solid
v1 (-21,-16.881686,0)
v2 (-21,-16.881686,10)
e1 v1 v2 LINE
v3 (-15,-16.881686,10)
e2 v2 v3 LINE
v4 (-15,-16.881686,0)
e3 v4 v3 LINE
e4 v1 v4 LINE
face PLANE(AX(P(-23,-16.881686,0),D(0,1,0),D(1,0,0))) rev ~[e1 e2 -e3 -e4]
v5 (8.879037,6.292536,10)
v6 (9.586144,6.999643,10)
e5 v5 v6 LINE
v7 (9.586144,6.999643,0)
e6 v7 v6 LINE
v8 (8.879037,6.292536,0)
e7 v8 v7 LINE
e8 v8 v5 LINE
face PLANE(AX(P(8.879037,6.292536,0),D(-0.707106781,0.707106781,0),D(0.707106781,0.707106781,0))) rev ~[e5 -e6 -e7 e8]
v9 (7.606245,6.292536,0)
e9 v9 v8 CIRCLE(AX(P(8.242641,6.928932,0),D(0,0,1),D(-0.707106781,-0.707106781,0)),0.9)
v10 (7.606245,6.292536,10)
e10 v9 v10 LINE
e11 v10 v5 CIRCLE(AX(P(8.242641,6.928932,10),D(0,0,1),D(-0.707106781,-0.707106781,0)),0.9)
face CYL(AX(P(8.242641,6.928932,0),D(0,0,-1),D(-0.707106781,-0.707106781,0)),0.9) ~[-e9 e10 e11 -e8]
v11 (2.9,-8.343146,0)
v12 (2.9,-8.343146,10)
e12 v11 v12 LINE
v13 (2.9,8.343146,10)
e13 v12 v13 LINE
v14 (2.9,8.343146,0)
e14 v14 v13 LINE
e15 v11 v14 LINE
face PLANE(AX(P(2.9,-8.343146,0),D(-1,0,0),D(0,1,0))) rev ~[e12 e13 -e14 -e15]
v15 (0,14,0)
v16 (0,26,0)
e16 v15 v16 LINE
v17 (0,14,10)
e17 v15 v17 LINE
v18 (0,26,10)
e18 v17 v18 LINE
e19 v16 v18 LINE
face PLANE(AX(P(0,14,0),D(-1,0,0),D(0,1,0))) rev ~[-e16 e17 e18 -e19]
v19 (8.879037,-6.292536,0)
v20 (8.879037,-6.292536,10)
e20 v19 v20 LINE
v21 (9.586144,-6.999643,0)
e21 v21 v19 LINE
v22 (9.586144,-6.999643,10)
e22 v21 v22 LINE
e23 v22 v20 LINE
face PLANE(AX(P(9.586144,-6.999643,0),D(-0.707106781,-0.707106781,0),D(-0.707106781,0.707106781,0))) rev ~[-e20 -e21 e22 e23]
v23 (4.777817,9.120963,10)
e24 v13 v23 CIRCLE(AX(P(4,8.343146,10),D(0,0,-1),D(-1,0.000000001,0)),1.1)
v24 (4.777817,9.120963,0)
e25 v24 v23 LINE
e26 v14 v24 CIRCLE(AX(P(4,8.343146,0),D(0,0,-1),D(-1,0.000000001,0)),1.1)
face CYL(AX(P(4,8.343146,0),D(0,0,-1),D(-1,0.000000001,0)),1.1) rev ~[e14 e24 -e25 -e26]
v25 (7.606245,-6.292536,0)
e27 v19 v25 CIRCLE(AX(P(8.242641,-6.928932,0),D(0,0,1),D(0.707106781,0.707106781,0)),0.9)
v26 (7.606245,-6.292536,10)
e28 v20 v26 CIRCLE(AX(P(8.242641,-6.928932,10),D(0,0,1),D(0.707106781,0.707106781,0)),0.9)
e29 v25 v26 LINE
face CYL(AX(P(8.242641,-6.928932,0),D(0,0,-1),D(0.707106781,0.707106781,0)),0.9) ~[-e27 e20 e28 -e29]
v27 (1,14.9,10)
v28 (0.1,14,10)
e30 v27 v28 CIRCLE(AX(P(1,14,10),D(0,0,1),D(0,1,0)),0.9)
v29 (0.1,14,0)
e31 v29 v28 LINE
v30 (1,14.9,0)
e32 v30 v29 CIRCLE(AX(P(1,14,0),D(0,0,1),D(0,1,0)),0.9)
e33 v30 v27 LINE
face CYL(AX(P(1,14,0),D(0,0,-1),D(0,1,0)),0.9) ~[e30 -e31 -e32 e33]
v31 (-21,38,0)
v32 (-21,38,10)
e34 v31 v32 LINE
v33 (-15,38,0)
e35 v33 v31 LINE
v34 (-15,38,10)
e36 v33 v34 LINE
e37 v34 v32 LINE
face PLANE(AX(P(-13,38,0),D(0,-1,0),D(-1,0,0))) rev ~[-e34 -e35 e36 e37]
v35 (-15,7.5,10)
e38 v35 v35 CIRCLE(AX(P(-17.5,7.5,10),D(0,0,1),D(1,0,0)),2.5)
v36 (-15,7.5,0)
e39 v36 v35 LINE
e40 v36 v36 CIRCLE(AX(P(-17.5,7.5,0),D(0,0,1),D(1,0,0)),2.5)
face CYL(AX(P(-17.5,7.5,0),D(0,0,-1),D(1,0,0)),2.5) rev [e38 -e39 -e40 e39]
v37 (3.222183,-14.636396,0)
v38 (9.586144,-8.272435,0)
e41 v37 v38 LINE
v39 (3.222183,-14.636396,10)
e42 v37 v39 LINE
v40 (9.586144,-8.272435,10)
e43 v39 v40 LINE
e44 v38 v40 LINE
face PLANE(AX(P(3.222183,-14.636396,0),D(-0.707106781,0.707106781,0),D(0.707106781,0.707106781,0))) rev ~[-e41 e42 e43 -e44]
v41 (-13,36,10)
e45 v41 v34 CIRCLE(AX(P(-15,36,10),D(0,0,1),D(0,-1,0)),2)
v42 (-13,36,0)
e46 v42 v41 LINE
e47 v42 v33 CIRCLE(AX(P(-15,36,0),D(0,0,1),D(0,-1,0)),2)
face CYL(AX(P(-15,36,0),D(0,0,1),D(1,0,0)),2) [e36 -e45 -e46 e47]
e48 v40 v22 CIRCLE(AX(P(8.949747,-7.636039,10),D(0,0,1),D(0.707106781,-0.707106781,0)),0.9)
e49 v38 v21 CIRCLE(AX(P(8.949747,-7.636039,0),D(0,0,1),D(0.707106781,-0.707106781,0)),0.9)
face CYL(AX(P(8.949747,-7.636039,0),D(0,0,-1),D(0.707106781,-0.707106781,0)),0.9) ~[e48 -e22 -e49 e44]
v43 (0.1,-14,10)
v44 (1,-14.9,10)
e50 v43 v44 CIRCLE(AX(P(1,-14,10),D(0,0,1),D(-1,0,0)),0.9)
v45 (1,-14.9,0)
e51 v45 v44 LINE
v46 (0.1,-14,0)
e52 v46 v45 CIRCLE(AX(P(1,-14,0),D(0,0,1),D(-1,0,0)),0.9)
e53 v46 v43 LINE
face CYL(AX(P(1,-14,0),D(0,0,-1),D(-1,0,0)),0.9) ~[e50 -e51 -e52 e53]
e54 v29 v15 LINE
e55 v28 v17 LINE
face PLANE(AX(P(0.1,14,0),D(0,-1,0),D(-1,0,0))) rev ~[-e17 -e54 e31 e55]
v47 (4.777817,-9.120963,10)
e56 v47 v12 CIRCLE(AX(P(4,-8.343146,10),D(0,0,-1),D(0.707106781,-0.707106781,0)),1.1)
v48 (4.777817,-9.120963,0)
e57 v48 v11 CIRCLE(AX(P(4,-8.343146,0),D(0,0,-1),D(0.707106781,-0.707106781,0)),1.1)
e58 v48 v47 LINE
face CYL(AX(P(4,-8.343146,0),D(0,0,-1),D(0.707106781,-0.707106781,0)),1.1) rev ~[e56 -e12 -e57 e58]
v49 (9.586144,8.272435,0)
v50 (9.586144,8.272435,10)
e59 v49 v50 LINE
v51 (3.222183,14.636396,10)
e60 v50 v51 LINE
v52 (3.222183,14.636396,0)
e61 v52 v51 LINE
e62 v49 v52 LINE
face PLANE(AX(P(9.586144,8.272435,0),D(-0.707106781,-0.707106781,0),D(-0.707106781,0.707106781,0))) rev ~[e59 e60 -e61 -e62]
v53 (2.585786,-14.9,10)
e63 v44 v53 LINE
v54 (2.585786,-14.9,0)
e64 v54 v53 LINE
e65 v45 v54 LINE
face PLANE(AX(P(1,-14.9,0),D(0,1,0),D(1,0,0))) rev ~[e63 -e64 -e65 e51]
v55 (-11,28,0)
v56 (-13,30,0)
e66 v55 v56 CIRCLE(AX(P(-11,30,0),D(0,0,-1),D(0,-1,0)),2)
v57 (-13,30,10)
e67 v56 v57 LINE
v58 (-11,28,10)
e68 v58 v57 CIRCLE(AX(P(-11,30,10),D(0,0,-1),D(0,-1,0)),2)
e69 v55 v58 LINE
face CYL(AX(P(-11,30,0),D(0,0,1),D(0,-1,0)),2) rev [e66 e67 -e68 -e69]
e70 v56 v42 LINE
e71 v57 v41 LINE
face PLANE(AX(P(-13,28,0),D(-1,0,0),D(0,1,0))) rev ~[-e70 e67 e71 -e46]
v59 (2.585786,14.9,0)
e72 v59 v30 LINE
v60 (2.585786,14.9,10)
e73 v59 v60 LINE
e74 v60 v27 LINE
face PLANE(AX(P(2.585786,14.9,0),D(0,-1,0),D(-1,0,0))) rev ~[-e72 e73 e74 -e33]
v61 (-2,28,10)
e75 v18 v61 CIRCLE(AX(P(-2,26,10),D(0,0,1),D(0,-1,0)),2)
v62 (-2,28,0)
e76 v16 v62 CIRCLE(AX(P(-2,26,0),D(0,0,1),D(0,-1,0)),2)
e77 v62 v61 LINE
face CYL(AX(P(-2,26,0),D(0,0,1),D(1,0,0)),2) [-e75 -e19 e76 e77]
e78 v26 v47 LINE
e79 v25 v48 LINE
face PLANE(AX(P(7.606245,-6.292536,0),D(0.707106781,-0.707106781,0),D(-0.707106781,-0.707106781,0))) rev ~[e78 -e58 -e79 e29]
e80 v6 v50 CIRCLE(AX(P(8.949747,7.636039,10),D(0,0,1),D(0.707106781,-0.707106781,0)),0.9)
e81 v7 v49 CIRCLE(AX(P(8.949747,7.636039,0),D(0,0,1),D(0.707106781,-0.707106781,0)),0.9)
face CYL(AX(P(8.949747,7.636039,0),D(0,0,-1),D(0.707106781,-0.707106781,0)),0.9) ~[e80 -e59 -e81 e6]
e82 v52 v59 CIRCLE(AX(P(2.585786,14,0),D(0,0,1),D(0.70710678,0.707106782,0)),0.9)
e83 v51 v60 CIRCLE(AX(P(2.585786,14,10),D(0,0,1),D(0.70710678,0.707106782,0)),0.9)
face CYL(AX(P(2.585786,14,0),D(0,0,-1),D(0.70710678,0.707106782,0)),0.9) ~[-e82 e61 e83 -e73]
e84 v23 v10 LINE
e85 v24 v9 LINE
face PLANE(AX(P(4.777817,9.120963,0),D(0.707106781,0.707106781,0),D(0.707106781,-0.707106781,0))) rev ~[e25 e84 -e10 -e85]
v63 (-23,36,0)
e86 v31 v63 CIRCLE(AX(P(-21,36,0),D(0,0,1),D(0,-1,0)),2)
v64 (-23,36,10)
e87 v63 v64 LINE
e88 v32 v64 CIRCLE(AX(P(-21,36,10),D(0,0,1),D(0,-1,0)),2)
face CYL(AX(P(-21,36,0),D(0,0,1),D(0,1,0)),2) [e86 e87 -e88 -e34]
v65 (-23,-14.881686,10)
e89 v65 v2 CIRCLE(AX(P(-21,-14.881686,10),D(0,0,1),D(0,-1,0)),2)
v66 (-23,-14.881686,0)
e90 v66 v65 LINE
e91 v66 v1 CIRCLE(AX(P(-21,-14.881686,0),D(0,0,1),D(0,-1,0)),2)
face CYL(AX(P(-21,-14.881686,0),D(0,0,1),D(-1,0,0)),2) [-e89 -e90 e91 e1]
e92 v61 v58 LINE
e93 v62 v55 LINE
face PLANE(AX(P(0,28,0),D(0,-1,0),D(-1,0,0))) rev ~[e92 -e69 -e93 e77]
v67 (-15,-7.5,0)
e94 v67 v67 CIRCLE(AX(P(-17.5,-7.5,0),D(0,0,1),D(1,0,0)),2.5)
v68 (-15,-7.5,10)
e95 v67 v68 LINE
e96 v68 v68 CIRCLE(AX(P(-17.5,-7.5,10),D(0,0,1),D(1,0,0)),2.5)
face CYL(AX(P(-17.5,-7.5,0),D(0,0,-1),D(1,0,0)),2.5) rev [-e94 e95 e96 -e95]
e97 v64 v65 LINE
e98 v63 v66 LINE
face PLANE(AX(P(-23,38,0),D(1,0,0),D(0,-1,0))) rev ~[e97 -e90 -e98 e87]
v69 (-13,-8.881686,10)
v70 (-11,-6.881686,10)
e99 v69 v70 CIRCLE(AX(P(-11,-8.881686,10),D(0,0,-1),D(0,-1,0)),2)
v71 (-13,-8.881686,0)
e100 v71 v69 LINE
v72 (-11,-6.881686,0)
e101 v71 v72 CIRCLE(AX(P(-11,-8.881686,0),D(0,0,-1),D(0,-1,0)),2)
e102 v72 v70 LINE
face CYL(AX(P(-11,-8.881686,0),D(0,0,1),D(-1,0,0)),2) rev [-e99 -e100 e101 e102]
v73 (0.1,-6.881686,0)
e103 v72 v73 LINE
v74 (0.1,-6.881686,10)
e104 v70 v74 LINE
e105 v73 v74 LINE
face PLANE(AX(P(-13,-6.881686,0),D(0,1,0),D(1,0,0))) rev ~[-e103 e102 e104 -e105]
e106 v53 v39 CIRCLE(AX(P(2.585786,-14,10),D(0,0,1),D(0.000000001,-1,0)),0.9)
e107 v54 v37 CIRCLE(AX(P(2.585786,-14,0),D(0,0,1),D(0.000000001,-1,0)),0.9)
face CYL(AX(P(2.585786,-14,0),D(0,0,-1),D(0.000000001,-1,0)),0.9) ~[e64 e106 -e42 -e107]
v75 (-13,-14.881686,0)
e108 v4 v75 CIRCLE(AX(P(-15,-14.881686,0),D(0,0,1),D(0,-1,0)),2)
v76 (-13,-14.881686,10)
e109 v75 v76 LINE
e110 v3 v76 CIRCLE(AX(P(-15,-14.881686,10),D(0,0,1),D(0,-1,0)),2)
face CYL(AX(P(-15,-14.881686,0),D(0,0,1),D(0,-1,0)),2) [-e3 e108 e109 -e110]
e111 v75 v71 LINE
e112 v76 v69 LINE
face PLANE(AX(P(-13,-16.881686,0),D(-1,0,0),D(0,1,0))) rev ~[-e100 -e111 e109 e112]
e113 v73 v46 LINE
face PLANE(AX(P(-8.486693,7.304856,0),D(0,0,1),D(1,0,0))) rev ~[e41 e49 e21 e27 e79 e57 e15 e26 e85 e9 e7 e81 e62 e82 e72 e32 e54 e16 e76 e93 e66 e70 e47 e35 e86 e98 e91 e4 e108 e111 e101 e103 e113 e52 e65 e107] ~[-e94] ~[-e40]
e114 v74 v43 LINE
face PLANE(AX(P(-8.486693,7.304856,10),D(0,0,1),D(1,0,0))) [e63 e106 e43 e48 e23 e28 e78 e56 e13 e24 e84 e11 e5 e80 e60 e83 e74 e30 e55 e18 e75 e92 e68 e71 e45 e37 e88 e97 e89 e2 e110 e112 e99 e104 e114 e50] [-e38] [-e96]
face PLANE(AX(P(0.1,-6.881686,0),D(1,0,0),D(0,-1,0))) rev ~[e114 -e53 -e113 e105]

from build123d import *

# Parameters (mm, degrees)
ESQUISSE1_R        = 2.5
BOSS_EXTRU_1_DEPTH = 10
CONG_1_R           = 2


with BuildPart() as part:
    # Esquisse1 → Boss.-Extru.1 (new body)
    with BuildSketch(Plane.XY):
        with BuildLine():
            Line((0.1, 14), (0, 14))
            Line((0, 14), (0, 28))
            Line((0, 28), (-13, 28))
            Line((-13, 28), (-13, 38))
            Line((-13, 38), (-23, 38))
            Line((-23, 38), (-23, -16.88168582))
            Line((-23, -16.88168582), (-13, -16.88168582))
            Line((-13, -16.88168582), (-13, -6.88168582))
            Line((-13, -6.88168582), (0.1, -6.88168582))
            Line((0.1, -6.88168582), (0.1, -14))
            ThreePointArc((0.1, -14), (0.363603897, -14.636396103), (1, -14.9))
            Line((1, -14.9), (2.585786438, -14.9))
            ThreePointArc((2.585786438, -14.9), (2.930201527, -14.831491579), (3.222182541, -14.636396103))
            Line((3.222182541, -14.636396103), (9.586143571, -8.272435072))
            ThreePointArc((9.586143571, -8.272435072), (9.849747468, -7.636038969), (9.586143571, -6.999642866))
            Line((9.586143571, -6.999642866), (8.87903679, -6.292536085))
            ThreePointArc((8.87903679, -6.292536085), (8.242640687, -6.028932188), (7.606244584, -6.292536085))
            Line((7.606244584, -6.292536085), (4.777817459, -9.12096321))
            ThreePointArc((4.777817459, -9.12096321), (3.579048224, -9.359413236), (2.9, -8.343145751))
            Line((2.9, -8.343145751), (2.9, 8.343145751))
            ThreePointArc((2.9, 8.343145751), (3.579048224, 9.359413236), (4.777817459, 9.12096321))
            Line((4.777817459, 9.12096321), (7.606244584, 6.292536085))
            ThreePointArc((7.606244584, 6.292536085), (8.242640687, 6.028932188), (8.87903679, 6.292536085))
            Line((8.87903679, 6.292536085), (9.586143571, 6.999642866))
            ThreePointArc((9.586143571, 6.999642866), (9.849747468, 7.636038969), (9.586143571, 8.272435072))
            Line((9.586143571, 8.272435072), (3.222182541, 14.636396103))
            ThreePointArc((3.222182541, 14.636396103), (2.930201527, 14.831491579), (2.585786438, 14.9))
            Line((2.585786438, 14.9), (1, 14.9))
            ThreePointArc((1, 14.9), (0.363603897, 14.636396103), (0.1, 14))
        make_face()
        with Locations((-17.5, 7.5)):
            Circle(ESQUISSE1_R, mode=Mode.SUBTRACT)
        with Locations((-17.5, -7.5)):
            Circle(ESQUISSE1_R, mode=Mode.SUBTRACT)
    extrude(amount=BOSS_EXTRU_1_DEPTH)

    # Congé1
    cong_1_edges = [part.edges().sort_by_distance(p)[0] for p in [
        (-13, -6.88168582, 5),
        (-13, -16.88168582, 5),
        (-23, -16.88168582, 5),
        (-23, 38, 5),
        (-13, 38, 5),
        (-13, 28, 5),
        (0, 28, 5),
    ]]
    fillet(cong_1_edges, radius=CONG_1_R)


solid = part.part
